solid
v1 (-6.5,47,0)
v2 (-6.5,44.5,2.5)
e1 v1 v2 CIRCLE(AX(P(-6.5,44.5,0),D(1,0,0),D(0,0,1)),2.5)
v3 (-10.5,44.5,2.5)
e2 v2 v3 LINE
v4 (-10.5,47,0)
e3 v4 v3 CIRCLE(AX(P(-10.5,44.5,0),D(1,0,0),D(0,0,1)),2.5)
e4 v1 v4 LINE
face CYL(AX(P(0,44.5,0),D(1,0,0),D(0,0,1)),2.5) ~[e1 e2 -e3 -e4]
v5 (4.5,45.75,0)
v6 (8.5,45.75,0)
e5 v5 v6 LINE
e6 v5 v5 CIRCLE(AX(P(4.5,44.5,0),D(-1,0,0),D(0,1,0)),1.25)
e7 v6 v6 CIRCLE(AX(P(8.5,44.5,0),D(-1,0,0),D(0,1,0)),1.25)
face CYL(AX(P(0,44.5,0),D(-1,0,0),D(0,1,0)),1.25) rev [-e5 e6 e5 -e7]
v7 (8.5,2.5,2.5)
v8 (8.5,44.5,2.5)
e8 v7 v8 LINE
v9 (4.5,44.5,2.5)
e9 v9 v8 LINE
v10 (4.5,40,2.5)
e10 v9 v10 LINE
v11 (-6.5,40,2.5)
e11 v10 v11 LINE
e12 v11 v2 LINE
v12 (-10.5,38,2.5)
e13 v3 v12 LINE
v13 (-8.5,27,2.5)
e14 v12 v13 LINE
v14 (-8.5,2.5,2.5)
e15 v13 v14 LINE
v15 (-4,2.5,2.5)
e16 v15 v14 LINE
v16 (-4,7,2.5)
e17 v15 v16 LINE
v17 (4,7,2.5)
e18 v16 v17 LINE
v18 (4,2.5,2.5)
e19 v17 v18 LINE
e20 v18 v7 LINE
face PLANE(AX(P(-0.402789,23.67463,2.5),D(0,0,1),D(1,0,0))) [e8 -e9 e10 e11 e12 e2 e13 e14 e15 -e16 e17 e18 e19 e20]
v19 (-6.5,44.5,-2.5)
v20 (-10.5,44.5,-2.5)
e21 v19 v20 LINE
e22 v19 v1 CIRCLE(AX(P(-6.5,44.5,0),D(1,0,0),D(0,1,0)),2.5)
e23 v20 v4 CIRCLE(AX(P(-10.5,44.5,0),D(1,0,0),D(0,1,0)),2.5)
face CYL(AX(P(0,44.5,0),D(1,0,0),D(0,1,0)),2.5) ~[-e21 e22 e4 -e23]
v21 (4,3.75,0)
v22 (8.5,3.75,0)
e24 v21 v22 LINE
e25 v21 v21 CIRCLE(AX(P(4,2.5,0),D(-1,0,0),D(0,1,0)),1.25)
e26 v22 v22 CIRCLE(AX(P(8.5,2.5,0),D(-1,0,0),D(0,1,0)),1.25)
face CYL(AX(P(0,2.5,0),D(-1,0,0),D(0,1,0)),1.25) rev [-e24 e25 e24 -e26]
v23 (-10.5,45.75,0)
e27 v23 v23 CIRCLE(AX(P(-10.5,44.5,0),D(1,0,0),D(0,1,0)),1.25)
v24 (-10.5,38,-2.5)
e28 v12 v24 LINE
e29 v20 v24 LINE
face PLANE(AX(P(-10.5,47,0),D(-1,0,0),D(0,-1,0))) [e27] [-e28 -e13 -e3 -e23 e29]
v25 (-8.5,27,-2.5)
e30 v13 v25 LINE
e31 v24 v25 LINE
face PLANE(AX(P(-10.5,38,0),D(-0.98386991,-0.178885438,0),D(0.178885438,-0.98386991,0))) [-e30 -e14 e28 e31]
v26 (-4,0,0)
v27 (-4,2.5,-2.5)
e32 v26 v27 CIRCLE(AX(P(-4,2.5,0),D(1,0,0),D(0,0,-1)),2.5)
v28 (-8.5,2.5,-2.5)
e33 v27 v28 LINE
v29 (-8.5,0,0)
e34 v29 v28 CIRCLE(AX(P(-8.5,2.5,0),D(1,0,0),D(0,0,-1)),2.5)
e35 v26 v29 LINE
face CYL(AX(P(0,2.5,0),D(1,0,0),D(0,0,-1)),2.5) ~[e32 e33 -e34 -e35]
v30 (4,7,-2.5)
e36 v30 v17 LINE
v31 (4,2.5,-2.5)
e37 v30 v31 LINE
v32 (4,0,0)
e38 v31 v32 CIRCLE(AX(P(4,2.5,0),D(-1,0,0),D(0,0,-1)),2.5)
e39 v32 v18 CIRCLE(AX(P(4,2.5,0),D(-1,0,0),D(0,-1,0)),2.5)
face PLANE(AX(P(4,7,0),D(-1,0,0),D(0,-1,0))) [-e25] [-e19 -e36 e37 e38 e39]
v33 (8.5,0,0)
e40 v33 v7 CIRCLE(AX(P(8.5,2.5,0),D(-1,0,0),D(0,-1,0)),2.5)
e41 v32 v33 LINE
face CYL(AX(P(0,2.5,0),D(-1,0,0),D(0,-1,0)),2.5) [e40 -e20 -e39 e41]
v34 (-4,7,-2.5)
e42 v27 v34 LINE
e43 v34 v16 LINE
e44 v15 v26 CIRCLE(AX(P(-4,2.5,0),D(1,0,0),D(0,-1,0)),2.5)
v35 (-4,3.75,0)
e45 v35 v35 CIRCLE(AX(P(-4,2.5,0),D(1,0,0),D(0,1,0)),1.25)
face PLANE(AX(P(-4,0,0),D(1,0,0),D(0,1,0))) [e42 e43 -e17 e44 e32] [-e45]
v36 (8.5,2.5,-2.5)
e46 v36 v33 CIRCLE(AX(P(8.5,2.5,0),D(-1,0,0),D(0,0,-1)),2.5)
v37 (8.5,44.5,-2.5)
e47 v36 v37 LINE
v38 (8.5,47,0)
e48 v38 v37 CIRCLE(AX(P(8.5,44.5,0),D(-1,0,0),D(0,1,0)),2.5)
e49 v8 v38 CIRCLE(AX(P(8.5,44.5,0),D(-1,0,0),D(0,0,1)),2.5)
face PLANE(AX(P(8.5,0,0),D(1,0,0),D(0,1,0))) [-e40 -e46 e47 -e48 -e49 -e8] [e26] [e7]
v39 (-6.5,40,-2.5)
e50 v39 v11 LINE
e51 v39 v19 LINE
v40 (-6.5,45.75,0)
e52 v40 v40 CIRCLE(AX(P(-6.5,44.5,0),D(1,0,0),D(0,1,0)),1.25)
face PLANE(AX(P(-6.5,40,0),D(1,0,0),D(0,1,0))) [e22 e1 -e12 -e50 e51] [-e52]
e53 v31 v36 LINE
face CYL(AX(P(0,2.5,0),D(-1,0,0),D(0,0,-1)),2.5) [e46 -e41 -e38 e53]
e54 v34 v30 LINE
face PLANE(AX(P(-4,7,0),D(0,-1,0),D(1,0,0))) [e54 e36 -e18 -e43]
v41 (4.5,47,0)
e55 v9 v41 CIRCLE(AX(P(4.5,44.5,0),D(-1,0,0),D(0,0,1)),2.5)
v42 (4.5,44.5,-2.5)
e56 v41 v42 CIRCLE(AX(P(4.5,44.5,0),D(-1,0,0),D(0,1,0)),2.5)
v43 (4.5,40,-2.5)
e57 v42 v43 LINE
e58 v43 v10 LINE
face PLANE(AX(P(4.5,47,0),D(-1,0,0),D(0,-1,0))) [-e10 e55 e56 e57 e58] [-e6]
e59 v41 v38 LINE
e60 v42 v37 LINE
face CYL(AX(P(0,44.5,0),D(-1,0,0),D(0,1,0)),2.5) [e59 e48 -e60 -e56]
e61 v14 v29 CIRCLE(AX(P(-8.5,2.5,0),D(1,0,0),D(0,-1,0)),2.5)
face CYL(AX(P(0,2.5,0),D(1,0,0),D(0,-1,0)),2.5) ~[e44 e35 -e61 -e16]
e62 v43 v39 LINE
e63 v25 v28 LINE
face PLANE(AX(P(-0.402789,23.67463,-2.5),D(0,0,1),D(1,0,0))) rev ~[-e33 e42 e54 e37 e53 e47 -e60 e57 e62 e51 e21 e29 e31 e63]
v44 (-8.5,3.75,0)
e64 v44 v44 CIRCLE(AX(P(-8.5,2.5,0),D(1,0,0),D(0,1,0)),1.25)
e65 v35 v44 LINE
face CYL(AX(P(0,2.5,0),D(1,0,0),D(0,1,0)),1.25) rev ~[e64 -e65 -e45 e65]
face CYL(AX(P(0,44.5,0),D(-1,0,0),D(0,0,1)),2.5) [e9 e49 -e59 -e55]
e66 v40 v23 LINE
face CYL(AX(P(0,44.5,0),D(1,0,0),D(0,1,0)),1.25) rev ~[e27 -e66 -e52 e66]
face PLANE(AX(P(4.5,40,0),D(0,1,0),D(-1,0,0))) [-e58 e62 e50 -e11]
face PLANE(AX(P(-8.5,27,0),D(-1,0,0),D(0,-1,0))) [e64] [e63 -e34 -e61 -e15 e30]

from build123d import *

# Parameters (mm, degrees)
F1_DEPTH      = 2.5
F2_R          = 1.25
F3_DEPTH      = 10.501
F3_DEPTH_BACK = 8.501


with BuildPart() as f1:
    # F0 (on Top) → F1 (new body, symmetric)
    with BuildSketch(Plane.XY):
        Polygon((-8.5, 27), (-8.5, 0), (-4, 0), (-4, 7), (4, 7), (4, 0), (8.5, 0), (8.5, 47), (4.5, 47), (4.5, 40), (-6.5, 40), (-6.5, 47), (-10.5, 47), (-10.5, 38), align=None)
    extrude(amount=F1_DEPTH, both=True)

    # F2 (on Right) → F3 (cut, two sides)
    with BuildSketch(Plane.YZ) as f3_sk:
        with Locations((2.5, 0)):
            Circle(F2_R)
        with BuildLine():
            ThreePointArc((2.5, -2.5), (0.732233047, -1.767766953), (0, 0))
            Line((0, 0), (0, -2.5))
            Line((0, -2.5), (2.5, -2.5))
        make_face()
        with BuildLine():
            ThreePointArc((0, 0), (0.732233047, 1.767766953), (2.5, 2.5))
            Line((2.5, 2.5), (0, 2.5))
            Line((0, 2.5), (0, 0))
        make_face()
        with Locations((44.5, 0)):
            Circle(F2_R)
        with BuildLine():
            ThreePointArc((44.5, 2.5), (46.267766953, 1.767766953), (47, 0))
            Line((47, 0), (47, 2.5))
            Line((47, 2.5), (44.5, 2.5))
        make_face()
        with BuildLine():
            ThreePointArc((47, 0), (46.267766953, -1.767766953), (44.5, -2.5))
            Line((44.5, -2.5), (47, -2.5))
            Line((47, -2.5), (47, 0))
        make_face()
    extrude(amount=-F3_DEPTH, mode=Mode.SUBTRACT)
    extrude(f3_sk.sketch, amount=F3_DEPTH_BACK, mode=Mode.SUBTRACT)


solid = f1.part
